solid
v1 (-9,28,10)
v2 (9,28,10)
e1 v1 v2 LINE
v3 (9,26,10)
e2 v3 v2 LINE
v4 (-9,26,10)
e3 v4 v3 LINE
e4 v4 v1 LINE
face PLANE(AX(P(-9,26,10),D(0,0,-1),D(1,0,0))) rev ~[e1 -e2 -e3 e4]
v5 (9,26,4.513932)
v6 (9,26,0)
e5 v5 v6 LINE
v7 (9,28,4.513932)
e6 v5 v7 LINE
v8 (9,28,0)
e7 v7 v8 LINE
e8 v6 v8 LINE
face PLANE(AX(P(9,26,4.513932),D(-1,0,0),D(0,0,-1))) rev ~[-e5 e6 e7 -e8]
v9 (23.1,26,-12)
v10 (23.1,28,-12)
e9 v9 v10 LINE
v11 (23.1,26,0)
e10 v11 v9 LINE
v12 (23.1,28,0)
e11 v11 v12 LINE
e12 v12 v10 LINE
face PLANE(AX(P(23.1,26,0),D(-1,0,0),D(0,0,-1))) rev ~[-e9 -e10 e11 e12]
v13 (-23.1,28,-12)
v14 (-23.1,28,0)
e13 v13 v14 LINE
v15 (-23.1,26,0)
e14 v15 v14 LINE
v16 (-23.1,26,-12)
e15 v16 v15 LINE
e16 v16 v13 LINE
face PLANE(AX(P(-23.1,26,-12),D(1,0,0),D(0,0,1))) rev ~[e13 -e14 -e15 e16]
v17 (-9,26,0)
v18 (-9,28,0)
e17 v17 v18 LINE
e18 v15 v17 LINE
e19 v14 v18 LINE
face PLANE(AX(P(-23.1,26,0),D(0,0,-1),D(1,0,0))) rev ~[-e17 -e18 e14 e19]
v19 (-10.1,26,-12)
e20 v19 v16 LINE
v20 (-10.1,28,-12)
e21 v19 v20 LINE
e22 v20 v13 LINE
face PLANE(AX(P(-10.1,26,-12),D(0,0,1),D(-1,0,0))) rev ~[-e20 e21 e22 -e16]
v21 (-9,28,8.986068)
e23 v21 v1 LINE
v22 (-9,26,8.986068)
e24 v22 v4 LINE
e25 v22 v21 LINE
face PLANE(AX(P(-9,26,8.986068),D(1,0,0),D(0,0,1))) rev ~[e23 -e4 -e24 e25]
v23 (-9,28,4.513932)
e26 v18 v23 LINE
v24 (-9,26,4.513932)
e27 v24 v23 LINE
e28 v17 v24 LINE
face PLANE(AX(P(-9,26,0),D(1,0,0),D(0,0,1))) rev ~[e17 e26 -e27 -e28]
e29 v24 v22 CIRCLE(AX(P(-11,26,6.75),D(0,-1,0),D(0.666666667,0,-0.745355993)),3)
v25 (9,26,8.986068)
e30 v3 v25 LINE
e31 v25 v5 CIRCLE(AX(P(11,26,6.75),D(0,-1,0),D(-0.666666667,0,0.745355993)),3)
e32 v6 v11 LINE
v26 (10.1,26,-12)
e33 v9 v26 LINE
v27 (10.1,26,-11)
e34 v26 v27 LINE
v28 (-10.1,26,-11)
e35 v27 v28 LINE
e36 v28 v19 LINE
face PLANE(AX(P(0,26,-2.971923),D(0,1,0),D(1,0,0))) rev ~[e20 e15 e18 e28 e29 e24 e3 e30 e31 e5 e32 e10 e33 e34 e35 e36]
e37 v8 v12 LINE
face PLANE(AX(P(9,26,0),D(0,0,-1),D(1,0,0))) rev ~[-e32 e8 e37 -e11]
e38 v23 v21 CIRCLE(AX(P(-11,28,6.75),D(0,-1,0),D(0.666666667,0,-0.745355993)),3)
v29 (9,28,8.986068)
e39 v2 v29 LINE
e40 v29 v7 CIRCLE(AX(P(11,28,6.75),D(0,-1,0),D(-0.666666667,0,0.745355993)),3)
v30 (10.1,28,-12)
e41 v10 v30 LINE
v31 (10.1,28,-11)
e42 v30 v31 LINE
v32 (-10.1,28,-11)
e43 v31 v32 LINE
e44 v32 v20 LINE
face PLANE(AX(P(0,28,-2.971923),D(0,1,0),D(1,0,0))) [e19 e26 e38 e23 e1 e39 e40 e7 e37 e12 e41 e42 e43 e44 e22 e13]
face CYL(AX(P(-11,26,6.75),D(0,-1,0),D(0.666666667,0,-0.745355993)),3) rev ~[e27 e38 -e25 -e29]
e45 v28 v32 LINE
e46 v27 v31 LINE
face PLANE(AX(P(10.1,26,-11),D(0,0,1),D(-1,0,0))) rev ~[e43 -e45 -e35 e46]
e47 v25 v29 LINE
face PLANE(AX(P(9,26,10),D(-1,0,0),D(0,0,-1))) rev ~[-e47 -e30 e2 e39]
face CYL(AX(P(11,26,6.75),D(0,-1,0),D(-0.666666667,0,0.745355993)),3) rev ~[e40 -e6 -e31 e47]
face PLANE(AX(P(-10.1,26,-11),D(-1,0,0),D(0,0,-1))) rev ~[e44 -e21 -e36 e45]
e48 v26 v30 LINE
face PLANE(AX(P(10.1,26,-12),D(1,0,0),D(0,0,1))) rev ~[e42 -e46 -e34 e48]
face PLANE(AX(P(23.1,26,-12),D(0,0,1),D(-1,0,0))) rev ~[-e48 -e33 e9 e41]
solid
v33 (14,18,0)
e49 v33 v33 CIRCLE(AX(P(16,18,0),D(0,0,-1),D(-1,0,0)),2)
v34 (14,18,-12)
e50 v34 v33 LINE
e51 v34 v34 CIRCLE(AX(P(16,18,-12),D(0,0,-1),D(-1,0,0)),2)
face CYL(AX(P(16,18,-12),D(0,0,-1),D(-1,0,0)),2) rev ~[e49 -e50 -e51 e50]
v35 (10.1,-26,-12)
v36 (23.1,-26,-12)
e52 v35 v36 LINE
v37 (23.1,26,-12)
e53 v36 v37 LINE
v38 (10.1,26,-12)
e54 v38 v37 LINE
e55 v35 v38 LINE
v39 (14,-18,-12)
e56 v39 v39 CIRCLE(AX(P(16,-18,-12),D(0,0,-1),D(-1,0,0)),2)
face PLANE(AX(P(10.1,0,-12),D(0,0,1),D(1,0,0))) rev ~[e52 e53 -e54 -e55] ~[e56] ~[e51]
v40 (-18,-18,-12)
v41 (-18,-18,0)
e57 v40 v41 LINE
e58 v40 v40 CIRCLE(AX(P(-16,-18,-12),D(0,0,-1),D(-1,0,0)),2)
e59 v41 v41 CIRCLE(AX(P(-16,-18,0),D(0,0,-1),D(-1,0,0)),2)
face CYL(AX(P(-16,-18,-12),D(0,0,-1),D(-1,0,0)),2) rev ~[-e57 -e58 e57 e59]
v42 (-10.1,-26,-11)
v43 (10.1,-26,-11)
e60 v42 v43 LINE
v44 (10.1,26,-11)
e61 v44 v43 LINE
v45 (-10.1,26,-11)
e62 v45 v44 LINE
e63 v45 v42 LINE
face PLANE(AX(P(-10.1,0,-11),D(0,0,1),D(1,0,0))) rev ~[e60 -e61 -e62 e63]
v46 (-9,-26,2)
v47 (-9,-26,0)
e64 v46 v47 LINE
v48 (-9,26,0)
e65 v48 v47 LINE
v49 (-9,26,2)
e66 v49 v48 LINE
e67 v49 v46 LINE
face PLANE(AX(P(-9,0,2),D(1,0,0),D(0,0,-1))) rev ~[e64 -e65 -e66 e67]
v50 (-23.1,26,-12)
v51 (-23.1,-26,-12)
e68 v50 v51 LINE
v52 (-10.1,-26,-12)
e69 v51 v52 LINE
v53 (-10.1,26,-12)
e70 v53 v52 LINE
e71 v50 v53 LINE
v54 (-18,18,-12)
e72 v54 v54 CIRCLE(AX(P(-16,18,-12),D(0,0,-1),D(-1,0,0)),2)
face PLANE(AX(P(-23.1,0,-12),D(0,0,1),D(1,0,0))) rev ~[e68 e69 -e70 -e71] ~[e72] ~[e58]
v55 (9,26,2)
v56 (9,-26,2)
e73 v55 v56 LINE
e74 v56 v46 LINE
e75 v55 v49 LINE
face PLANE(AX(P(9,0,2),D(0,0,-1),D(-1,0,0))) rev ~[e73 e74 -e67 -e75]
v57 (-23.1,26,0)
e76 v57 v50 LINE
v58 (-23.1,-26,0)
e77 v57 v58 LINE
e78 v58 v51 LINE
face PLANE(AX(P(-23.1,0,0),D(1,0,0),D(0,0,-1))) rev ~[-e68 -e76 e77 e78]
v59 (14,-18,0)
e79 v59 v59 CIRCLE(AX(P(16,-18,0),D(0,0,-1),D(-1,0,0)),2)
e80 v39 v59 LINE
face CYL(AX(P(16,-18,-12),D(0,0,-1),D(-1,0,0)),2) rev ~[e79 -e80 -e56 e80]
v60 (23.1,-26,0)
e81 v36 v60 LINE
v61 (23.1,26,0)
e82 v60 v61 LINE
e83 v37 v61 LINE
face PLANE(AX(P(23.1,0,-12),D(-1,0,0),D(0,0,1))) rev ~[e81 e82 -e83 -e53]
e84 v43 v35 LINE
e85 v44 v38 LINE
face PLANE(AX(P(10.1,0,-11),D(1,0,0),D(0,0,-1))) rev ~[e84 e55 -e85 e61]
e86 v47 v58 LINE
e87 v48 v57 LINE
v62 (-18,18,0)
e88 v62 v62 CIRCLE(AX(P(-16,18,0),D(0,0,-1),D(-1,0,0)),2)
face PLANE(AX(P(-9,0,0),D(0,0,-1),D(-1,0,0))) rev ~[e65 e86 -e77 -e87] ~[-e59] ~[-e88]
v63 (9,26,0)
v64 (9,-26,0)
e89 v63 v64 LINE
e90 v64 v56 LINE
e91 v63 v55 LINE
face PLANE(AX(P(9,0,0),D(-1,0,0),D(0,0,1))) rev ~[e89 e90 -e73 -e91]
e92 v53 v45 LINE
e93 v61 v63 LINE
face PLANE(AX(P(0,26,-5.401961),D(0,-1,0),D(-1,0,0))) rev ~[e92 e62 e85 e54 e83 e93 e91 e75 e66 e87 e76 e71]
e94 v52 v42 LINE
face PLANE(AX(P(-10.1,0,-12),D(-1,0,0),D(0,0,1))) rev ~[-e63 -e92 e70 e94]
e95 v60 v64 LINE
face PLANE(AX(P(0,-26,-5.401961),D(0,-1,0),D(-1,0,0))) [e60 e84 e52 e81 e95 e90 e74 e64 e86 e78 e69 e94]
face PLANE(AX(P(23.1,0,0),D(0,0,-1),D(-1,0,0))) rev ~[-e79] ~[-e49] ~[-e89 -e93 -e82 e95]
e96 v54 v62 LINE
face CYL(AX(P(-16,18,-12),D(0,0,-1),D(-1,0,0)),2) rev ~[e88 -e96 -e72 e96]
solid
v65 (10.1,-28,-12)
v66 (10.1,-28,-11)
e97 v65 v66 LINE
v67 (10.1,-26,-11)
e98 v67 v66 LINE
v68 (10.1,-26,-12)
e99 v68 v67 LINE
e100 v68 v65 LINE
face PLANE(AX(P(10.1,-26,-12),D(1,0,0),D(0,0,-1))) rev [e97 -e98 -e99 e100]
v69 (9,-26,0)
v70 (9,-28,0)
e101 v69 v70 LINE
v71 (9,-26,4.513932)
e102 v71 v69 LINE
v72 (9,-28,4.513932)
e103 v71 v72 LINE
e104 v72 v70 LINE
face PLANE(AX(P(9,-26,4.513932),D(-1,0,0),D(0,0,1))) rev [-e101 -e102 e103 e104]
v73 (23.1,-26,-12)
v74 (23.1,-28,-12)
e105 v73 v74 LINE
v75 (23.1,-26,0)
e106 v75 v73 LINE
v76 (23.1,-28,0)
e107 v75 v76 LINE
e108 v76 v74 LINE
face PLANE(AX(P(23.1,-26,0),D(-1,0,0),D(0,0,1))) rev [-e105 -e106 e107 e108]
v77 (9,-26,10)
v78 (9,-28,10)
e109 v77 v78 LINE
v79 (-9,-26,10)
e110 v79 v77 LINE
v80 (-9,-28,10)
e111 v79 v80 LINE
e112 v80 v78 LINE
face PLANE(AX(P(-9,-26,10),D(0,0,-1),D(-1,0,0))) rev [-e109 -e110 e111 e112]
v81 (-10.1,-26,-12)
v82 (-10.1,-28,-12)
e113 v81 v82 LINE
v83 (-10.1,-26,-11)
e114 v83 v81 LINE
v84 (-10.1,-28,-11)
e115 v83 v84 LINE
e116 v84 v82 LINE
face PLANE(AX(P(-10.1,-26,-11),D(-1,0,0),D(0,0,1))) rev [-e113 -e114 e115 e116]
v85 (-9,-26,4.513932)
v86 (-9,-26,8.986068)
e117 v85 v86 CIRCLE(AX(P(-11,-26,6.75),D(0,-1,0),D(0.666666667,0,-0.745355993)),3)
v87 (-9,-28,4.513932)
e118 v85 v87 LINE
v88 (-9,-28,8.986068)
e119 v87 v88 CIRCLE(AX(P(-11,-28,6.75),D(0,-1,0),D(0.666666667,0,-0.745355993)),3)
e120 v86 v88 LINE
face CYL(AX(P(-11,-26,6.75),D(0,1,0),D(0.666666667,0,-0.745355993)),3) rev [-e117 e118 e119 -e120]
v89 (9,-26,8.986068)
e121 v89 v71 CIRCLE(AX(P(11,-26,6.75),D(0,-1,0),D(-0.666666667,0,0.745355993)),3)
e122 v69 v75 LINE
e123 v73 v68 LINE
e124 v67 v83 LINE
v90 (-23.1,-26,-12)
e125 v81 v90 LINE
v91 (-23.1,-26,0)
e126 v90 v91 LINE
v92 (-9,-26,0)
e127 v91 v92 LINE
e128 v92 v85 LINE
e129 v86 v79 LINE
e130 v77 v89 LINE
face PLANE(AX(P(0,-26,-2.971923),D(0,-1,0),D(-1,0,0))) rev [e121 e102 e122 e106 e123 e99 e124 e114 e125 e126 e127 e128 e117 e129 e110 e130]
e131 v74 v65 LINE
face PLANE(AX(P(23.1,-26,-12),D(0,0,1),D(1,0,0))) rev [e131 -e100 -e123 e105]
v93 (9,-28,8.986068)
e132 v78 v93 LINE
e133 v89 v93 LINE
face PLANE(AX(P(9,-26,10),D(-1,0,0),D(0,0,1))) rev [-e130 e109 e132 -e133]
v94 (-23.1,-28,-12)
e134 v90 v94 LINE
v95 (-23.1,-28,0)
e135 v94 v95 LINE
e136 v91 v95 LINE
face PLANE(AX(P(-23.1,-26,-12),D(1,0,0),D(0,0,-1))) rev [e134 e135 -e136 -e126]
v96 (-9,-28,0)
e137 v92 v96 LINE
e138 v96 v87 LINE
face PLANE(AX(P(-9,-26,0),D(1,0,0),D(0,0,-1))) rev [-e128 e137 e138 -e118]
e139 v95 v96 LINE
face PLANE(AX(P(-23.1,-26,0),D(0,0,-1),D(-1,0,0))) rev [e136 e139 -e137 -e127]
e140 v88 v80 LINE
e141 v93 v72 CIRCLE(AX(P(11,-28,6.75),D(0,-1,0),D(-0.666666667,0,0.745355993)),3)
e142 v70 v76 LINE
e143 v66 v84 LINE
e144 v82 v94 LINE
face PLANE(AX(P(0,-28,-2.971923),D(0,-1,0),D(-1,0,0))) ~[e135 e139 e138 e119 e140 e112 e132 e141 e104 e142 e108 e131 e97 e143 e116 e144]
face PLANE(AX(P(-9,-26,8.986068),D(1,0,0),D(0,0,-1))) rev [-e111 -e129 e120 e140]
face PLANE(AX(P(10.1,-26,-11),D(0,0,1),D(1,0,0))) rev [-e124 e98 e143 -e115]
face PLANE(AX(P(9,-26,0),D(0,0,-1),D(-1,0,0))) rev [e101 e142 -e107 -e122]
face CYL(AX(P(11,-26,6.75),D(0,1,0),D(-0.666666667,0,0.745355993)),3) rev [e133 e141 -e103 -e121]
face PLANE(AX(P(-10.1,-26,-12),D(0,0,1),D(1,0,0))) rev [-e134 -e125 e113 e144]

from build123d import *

# Parameters (mm, degrees)
BOSS_EXTRUDE1_DEPTH = 26
CUT_EXTRUDE1_REACH  = 16
SKETCH2_R           = 2
BOSS_EXTRUDE2_DEPTH = 2


with BuildPart() as part:
    # Sketch1 → Boss-Extrude1 (new body, symmetric)
    with BuildSketch(Plane(origin=(0, 0, 0), x_dir=(1, 0, 0), z_dir=(0, 1, 0))):
        Polygon((23.1, 0), (9, 0), (9, -2), (-9, -2), (-9, 0), (-23.1, 0), (-23.1, 12), (-10.1, 12), (-10.1, 11), (10.1, 11), (10.1, 12), (23.1, 12), align=None)
    extrude(amount=BOSS_EXTRUDE1_DEPTH, both=True)

    # Sketch2 → Cut-Extrude1 (cut, up to next)
    with BuildSketch(Plane(origin=(0, 0, -12), x_dir=(-1, 0, 0), z_dir=(0, 0, -1)), mode=Mode.PRIVATE) as cut_extrude1_sk1:
        with Locations((16, -18)):
            Circle(SKETCH2_R)
    cut_extrude1_tool1 = extrude(cut_extrude1_sk1.sketch, amount=-CUT_EXTRUDE1_REACH, mode=Mode.PRIVATE) & part.part
    add(cut_extrude1_tool1.solids().sort_by_distance((-16, -18, -12))[0], mode=Mode.SUBTRACT)
    # Sketch2 → Cut-Extrude1 (cut, up to next)
    with BuildSketch(Plane(origin=(0, 0, -12), x_dir=(-1, 0, 0), z_dir=(0, 0, -1)), mode=Mode.PRIVATE) as cut_extrude1_sk2:
        with Locations((-16, -18)):
            Circle(SKETCH2_R)
    cut_extrude1_tool2 = extrude(cut_extrude1_sk2.sketch, amount=-CUT_EXTRUDE1_REACH, mode=Mode.PRIVATE) & part.part
    add(cut_extrude1_tool2.solids().sort_by_distance((16, -18, -12))[0], mode=Mode.SUBTRACT)
    # Sketch2 → Cut-Extrude1 (cut, up to next)
    with BuildSketch(Plane(origin=(0, 0, -12), x_dir=(-1, 0, 0), z_dir=(0, 0, -1)), mode=Mode.PRIVATE) as cut_extrude1_sk3:
        with Locations((-16, 18)):
            Circle(SKETCH2_R)
    cut_extrude1_tool3 = extrude(cut_extrude1_sk3.sketch, amount=-CUT_EXTRUDE1_REACH, mode=Mode.PRIVATE) & part.part
    add(cut_extrude1_tool3.solids().sort_by_distance((16, 18, -12))[0], mode=Mode.SUBTRACT)
    # Sketch2 → Cut-Extrude1 (cut, up to next)
    with BuildSketch(Plane(origin=(0, 0, -12), x_dir=(-1, 0, 0), z_dir=(0, 0, -1)), mode=Mode.PRIVATE) as cut_extrude1_sk4:
        with Locations((16, 18)):
            Circle(SKETCH2_R)
    cut_extrude1_tool4 = extrude(cut_extrude1_sk4.sketch, amount=-CUT_EXTRUDE1_REACH, mode=Mode.PRIVATE) & part.part
    add(cut_extrude1_tool4.solids().sort_by_distance((-16, 18, -12))[0], mode=Mode.SUBTRACT)


with BuildPart() as body_2:
    # Sketch3 → Boss-Extrude2 (new body)
    with BuildSketch(Plane(origin=(0, 26, 0), x_dir=(1, 0, 0), z_dir=(0, 1, 0))):
        with BuildLine():
            Line((10.1, 11), (-10.1, 11))
            Line((-10.1, 11), (-10.1, 12))
            Line((-10.1, 12), (-23.1, 12))
            Line((-23.1, 12), (-23.1, 0))
            Line((-23.1, 0), (-9, 0))
            Line((-9, 0), (-9, -4.513932023))
            ThreePointArc((-9, -4.513932023), (-8, -6.75), (-9, -8.986067977))
            Line((-9, -8.986067977), (-9, -10))
            Line((-9, -10), (9, -10))
            Line((9, -10), (9, -8.986067977))
            ThreePointArc((9, -8.986067977), (8, -6.75), (9, -4.513932023))
            Line((9, -4.513932023), (9, 0))
            Line((9, 0), (23.1, 0))
            Line((23.1, 0), (23.1, 12))
            Line((23.1, 12), (10.1, 12))
            Line((10.1, 12), (10.1, 11))
        make_face()
    extrude(amount=BOSS_EXTRUDE2_DEPTH)


with BuildPart() as body_3:
    # Mirror2: mirrored copy
    add(body_2.part.mirror(Plane.ZX))


solid = Compound([part.part, body_2.part, body_3.part])
